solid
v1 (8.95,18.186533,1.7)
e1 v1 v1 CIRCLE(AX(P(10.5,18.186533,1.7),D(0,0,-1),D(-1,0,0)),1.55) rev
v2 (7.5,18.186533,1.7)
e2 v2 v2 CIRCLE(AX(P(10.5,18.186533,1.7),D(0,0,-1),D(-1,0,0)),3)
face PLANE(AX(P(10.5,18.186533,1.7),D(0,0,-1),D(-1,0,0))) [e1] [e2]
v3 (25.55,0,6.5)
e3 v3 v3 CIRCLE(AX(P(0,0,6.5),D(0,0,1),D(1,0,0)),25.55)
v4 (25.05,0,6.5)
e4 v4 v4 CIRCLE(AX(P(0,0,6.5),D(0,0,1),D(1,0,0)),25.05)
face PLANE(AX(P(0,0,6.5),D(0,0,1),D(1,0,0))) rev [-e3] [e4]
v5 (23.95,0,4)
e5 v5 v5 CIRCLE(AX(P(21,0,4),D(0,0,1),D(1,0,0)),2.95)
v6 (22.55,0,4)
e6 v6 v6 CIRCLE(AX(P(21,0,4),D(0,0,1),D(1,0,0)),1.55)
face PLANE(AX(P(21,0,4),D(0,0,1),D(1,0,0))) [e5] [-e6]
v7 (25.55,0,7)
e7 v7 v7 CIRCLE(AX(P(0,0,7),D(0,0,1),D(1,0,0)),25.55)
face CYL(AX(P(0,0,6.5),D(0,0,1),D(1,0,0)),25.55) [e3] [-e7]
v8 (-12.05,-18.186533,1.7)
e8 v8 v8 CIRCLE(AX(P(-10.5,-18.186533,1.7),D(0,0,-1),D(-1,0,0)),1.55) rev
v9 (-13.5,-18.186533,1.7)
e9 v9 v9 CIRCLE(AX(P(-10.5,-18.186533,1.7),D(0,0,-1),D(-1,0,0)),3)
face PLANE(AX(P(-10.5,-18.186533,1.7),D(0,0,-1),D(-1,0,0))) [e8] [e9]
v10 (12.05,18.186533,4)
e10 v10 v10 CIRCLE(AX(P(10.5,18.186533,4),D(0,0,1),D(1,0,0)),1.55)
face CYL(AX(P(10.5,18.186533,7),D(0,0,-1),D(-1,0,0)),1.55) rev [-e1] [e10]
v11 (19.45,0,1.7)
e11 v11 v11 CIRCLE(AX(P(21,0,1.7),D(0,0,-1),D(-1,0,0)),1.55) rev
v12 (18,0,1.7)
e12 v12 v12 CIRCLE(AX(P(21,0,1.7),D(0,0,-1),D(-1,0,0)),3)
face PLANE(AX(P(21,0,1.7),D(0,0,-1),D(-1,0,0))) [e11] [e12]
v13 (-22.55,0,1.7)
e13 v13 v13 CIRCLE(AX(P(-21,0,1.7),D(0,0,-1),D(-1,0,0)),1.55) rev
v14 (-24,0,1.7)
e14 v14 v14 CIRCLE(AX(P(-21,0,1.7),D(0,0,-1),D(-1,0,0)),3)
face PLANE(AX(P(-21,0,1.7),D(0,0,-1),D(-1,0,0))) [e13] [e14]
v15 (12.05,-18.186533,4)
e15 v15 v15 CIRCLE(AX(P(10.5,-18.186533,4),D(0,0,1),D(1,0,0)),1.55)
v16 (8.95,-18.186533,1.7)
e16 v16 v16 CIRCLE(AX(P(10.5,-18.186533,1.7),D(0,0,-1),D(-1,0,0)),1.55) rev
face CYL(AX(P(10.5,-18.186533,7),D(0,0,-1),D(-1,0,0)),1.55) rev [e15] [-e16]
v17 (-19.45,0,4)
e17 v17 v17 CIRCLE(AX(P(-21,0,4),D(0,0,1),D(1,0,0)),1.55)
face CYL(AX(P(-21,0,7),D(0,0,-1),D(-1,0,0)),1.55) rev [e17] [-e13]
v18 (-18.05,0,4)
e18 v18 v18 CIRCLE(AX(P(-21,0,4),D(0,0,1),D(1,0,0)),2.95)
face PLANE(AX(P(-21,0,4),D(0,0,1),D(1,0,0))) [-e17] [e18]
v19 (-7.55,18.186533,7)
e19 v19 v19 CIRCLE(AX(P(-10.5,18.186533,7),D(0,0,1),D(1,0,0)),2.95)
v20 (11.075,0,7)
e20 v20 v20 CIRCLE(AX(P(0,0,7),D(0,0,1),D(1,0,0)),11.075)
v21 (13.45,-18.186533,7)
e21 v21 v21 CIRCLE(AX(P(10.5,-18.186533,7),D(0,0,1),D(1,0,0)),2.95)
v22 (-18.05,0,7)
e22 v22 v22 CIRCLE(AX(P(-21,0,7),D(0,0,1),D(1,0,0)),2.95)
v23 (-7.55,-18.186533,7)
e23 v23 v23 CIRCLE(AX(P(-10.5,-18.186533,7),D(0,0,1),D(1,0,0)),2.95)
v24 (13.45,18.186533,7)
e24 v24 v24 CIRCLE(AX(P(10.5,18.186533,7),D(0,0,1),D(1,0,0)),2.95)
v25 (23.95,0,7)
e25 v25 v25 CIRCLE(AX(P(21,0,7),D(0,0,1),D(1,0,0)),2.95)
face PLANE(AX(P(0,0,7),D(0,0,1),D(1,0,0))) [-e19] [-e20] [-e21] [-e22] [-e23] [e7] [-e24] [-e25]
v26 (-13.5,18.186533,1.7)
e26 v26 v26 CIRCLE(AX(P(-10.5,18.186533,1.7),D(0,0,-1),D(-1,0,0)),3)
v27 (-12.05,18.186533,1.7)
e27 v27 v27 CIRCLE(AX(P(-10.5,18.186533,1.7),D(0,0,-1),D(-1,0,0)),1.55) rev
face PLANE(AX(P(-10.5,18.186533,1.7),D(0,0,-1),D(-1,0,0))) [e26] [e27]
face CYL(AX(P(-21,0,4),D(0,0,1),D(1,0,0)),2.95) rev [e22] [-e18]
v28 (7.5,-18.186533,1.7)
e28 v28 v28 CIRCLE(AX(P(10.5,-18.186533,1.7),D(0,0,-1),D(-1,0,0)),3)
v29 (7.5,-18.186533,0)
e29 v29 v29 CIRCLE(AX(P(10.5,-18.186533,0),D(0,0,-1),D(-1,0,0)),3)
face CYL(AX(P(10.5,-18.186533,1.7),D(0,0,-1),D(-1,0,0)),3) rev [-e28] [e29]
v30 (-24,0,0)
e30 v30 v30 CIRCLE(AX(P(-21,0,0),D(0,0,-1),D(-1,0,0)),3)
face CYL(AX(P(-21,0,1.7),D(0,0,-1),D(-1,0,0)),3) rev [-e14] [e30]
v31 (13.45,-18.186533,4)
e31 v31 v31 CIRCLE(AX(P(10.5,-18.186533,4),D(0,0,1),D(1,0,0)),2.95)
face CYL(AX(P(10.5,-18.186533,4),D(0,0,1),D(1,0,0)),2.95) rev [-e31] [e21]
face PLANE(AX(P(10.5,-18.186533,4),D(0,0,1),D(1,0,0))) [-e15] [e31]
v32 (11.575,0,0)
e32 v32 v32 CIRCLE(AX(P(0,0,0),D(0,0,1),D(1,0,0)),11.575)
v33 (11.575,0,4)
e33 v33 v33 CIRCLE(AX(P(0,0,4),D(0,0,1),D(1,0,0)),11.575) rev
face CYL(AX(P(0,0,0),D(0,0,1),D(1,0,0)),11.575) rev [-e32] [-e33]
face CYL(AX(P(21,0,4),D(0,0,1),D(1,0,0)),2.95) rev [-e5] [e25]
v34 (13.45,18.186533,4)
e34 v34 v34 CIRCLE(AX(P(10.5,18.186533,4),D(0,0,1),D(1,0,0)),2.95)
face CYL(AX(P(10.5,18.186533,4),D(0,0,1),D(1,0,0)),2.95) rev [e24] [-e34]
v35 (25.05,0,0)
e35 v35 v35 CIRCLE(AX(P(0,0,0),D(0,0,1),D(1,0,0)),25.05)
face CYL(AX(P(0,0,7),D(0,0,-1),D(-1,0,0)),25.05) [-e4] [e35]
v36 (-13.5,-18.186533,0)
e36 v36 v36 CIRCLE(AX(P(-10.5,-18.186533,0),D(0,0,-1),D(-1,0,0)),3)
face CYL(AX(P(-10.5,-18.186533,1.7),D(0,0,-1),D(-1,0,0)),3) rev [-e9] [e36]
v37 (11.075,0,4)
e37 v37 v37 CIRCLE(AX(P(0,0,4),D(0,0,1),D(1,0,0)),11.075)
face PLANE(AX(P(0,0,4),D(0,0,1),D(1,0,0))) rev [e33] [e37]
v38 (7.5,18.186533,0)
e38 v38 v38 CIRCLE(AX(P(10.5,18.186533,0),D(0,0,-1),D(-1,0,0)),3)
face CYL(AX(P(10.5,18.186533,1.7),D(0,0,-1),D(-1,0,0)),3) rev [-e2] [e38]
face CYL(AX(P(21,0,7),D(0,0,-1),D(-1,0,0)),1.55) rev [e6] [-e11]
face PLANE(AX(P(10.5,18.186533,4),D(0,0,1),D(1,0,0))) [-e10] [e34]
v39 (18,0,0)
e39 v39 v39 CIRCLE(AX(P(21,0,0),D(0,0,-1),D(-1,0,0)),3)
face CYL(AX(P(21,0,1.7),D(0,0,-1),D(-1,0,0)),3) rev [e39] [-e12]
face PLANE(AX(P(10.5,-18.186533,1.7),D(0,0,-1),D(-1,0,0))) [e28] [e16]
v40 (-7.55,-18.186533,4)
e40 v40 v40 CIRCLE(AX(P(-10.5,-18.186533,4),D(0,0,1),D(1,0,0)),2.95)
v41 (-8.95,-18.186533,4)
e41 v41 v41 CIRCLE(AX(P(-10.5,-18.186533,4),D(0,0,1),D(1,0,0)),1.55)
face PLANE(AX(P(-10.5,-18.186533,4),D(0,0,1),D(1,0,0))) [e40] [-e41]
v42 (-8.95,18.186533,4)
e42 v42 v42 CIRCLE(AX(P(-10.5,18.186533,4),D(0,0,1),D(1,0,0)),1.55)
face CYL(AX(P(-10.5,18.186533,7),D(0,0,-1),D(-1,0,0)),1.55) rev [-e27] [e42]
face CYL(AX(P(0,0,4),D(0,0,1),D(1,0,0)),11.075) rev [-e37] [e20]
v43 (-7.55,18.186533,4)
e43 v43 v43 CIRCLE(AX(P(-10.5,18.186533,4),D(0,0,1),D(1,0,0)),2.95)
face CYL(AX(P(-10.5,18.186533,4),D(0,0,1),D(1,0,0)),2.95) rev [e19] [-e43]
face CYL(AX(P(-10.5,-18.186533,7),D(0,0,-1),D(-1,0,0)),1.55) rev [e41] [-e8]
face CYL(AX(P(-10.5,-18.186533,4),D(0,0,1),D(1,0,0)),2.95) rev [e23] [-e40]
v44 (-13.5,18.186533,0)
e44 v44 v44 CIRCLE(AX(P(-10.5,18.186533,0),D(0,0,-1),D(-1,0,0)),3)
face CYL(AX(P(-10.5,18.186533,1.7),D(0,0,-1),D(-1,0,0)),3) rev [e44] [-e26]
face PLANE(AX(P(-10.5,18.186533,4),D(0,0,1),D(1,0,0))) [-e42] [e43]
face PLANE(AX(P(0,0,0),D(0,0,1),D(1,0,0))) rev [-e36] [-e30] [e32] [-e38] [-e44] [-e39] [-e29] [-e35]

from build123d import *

# Parameters (mm, degrees)
SKETCH2_R                           = 25.05
BOSS_EXTRUDE1_DEPTH                 = 7
SKETCH3_R                           = 2.95
DOWEL_PIN_CUTOUT_DEPTH              = 3
MAIN_START                          = -0.5
SKETCH4_R                           = 25.55
SKETCH4_R_2                         = 25.05
MAIN_HOUSING_BEARING_RETAINER_DEPTH = 0.5
SKETCH5_R                           = 1.55
M3_THRU_DEPTH                       = 37.804958905
SKETCH6_R                           = 3
M3_BUTTON_HEAD_CUTOUT_DEPTH         = 1.7
SKETCH8_R                           = 11.575
INPUT_SHAFT_BEARING_CUTOUT_DEPTH    = 37.804958905
INPUT_START                         = -7
SKETCH9_R                           = 11.575
SKETCH9_R_2                         = 11.075
INPUT_SHAFT_BEARING_RETAINER_DEPTH  = 3


with BuildPart() as part:
    # Sketch2 → Boss-Extrude1 (new body)
    with BuildSketch(Plane.XY):
        Circle(SKETCH2_R)
    extrude(amount=BOSS_EXTRUDE1_DEPTH)

    # Sketch3 → Dowel Pin Cutout (cut)
    with BuildSketch(Plane.XY.offset(7)):
        with Locations((-21, 0)):
            Circle(SKETCH3_R)
        with Locations((-10.5, 18.186533479)):
            Circle(SKETCH3_R)
        with Locations((10.5, 18.186533479)):
            Circle(SKETCH3_R)
        with Locations((21, 0)):
            Circle(SKETCH3_R)
        with Locations((10.5, -18.186533479)):
            Circle(SKETCH3_R)
        with Locations((-10.5, -18.186533479)):
            Circle(SKETCH3_R)
    extrude(amount=-DOWEL_PIN_CUTOUT_DEPTH, mode=Mode.SUBTRACT)

    # Sketch4 → Main Housing Bearing Retainer (add)
    with BuildSketch(Plane.XY.offset(7).offset(MAIN_START)):
        Circle(SKETCH4_R)
        Circle(SKETCH4_R_2, mode=Mode.SUBTRACT)
    extrude(amount=MAIN_HOUSING_BEARING_RETAINER_DEPTH)

    # Sketch5 → M3 Thru (cut, through all)
    with BuildSketch(Plane(origin=(0, 0, 0), x_dir=(-1, 0, 0), z_dir=(0, 0, -1))):
        with Locations((-21, 0)):
            Circle(SKETCH5_R)
        with Locations((-10.5, 18.186533479)):
            Circle(SKETCH5_R)
        with Locations((10.5, 18.186533479)):
            Circle(SKETCH5_R)
        with Locations((21, 0)):
            Circle(SKETCH5_R)
        with Locations((10.5, -18.186533479)):
            Circle(SKETCH5_R)
        with Locations((-10.5, -18.186533479)):
            Circle(SKETCH5_R)
    extrude(amount=-M3_THRU_DEPTH, mode=Mode.SUBTRACT)

    # Sketch6 → M3 Button Head Cutout (cut)
    with BuildSketch(Plane(origin=(0, 0, 0), x_dir=(-1, 0, 0), z_dir=(0, 0, -1))):
        with Locations((-21, 0)):
            Circle(SKETCH6_R)
        with Locations((-10.5, 18.186533479)):
            Circle(SKETCH6_R)
        with Locations((10.5, 18.186533479)):
            Circle(SKETCH6_R)
        with Locations((21, 0)):
            Circle(SKETCH6_R)
        with Locations((10.5, -18.186533479)):
            Circle(SKETCH6_R)
        with Locations((-10.5, -18.186533479)):
            Circle(SKETCH6_R)
    extrude(amount=-M3_BUTTON_HEAD_CUTOUT_DEPTH, mode=Mode.SUBTRACT)

    # Sketch8 → Input Shaft Bearing Cutout (cut, through all)
    with BuildSketch(Plane.XY.offset(7)):
        Circle(SKETCH8_R)
    extrude(amount=-INPUT_SHAFT_BEARING_CUTOUT_DEPTH, mode=Mode.SUBTRACT)

    # Sketch9 → Input Shaft Bearing Retainer (add)
    with BuildSketch(Plane(origin=(0, 0, 0), x_dir=(-1, 0, 0), z_dir=(0, 0, -1)).offset(INPUT_START)):
        with Locations(Location((0, 0, 0), (0, 0, 180))):
            Circle(SKETCH9_R)
        with Locations(Location((0, 0, 0), (0, 0, 180))):
            Circle(SKETCH9_R_2, mode=Mode.SUBTRACT)
    extrude(amount=INPUT_SHAFT_BEARING_RETAINER_DEPTH)


solid = part.part
